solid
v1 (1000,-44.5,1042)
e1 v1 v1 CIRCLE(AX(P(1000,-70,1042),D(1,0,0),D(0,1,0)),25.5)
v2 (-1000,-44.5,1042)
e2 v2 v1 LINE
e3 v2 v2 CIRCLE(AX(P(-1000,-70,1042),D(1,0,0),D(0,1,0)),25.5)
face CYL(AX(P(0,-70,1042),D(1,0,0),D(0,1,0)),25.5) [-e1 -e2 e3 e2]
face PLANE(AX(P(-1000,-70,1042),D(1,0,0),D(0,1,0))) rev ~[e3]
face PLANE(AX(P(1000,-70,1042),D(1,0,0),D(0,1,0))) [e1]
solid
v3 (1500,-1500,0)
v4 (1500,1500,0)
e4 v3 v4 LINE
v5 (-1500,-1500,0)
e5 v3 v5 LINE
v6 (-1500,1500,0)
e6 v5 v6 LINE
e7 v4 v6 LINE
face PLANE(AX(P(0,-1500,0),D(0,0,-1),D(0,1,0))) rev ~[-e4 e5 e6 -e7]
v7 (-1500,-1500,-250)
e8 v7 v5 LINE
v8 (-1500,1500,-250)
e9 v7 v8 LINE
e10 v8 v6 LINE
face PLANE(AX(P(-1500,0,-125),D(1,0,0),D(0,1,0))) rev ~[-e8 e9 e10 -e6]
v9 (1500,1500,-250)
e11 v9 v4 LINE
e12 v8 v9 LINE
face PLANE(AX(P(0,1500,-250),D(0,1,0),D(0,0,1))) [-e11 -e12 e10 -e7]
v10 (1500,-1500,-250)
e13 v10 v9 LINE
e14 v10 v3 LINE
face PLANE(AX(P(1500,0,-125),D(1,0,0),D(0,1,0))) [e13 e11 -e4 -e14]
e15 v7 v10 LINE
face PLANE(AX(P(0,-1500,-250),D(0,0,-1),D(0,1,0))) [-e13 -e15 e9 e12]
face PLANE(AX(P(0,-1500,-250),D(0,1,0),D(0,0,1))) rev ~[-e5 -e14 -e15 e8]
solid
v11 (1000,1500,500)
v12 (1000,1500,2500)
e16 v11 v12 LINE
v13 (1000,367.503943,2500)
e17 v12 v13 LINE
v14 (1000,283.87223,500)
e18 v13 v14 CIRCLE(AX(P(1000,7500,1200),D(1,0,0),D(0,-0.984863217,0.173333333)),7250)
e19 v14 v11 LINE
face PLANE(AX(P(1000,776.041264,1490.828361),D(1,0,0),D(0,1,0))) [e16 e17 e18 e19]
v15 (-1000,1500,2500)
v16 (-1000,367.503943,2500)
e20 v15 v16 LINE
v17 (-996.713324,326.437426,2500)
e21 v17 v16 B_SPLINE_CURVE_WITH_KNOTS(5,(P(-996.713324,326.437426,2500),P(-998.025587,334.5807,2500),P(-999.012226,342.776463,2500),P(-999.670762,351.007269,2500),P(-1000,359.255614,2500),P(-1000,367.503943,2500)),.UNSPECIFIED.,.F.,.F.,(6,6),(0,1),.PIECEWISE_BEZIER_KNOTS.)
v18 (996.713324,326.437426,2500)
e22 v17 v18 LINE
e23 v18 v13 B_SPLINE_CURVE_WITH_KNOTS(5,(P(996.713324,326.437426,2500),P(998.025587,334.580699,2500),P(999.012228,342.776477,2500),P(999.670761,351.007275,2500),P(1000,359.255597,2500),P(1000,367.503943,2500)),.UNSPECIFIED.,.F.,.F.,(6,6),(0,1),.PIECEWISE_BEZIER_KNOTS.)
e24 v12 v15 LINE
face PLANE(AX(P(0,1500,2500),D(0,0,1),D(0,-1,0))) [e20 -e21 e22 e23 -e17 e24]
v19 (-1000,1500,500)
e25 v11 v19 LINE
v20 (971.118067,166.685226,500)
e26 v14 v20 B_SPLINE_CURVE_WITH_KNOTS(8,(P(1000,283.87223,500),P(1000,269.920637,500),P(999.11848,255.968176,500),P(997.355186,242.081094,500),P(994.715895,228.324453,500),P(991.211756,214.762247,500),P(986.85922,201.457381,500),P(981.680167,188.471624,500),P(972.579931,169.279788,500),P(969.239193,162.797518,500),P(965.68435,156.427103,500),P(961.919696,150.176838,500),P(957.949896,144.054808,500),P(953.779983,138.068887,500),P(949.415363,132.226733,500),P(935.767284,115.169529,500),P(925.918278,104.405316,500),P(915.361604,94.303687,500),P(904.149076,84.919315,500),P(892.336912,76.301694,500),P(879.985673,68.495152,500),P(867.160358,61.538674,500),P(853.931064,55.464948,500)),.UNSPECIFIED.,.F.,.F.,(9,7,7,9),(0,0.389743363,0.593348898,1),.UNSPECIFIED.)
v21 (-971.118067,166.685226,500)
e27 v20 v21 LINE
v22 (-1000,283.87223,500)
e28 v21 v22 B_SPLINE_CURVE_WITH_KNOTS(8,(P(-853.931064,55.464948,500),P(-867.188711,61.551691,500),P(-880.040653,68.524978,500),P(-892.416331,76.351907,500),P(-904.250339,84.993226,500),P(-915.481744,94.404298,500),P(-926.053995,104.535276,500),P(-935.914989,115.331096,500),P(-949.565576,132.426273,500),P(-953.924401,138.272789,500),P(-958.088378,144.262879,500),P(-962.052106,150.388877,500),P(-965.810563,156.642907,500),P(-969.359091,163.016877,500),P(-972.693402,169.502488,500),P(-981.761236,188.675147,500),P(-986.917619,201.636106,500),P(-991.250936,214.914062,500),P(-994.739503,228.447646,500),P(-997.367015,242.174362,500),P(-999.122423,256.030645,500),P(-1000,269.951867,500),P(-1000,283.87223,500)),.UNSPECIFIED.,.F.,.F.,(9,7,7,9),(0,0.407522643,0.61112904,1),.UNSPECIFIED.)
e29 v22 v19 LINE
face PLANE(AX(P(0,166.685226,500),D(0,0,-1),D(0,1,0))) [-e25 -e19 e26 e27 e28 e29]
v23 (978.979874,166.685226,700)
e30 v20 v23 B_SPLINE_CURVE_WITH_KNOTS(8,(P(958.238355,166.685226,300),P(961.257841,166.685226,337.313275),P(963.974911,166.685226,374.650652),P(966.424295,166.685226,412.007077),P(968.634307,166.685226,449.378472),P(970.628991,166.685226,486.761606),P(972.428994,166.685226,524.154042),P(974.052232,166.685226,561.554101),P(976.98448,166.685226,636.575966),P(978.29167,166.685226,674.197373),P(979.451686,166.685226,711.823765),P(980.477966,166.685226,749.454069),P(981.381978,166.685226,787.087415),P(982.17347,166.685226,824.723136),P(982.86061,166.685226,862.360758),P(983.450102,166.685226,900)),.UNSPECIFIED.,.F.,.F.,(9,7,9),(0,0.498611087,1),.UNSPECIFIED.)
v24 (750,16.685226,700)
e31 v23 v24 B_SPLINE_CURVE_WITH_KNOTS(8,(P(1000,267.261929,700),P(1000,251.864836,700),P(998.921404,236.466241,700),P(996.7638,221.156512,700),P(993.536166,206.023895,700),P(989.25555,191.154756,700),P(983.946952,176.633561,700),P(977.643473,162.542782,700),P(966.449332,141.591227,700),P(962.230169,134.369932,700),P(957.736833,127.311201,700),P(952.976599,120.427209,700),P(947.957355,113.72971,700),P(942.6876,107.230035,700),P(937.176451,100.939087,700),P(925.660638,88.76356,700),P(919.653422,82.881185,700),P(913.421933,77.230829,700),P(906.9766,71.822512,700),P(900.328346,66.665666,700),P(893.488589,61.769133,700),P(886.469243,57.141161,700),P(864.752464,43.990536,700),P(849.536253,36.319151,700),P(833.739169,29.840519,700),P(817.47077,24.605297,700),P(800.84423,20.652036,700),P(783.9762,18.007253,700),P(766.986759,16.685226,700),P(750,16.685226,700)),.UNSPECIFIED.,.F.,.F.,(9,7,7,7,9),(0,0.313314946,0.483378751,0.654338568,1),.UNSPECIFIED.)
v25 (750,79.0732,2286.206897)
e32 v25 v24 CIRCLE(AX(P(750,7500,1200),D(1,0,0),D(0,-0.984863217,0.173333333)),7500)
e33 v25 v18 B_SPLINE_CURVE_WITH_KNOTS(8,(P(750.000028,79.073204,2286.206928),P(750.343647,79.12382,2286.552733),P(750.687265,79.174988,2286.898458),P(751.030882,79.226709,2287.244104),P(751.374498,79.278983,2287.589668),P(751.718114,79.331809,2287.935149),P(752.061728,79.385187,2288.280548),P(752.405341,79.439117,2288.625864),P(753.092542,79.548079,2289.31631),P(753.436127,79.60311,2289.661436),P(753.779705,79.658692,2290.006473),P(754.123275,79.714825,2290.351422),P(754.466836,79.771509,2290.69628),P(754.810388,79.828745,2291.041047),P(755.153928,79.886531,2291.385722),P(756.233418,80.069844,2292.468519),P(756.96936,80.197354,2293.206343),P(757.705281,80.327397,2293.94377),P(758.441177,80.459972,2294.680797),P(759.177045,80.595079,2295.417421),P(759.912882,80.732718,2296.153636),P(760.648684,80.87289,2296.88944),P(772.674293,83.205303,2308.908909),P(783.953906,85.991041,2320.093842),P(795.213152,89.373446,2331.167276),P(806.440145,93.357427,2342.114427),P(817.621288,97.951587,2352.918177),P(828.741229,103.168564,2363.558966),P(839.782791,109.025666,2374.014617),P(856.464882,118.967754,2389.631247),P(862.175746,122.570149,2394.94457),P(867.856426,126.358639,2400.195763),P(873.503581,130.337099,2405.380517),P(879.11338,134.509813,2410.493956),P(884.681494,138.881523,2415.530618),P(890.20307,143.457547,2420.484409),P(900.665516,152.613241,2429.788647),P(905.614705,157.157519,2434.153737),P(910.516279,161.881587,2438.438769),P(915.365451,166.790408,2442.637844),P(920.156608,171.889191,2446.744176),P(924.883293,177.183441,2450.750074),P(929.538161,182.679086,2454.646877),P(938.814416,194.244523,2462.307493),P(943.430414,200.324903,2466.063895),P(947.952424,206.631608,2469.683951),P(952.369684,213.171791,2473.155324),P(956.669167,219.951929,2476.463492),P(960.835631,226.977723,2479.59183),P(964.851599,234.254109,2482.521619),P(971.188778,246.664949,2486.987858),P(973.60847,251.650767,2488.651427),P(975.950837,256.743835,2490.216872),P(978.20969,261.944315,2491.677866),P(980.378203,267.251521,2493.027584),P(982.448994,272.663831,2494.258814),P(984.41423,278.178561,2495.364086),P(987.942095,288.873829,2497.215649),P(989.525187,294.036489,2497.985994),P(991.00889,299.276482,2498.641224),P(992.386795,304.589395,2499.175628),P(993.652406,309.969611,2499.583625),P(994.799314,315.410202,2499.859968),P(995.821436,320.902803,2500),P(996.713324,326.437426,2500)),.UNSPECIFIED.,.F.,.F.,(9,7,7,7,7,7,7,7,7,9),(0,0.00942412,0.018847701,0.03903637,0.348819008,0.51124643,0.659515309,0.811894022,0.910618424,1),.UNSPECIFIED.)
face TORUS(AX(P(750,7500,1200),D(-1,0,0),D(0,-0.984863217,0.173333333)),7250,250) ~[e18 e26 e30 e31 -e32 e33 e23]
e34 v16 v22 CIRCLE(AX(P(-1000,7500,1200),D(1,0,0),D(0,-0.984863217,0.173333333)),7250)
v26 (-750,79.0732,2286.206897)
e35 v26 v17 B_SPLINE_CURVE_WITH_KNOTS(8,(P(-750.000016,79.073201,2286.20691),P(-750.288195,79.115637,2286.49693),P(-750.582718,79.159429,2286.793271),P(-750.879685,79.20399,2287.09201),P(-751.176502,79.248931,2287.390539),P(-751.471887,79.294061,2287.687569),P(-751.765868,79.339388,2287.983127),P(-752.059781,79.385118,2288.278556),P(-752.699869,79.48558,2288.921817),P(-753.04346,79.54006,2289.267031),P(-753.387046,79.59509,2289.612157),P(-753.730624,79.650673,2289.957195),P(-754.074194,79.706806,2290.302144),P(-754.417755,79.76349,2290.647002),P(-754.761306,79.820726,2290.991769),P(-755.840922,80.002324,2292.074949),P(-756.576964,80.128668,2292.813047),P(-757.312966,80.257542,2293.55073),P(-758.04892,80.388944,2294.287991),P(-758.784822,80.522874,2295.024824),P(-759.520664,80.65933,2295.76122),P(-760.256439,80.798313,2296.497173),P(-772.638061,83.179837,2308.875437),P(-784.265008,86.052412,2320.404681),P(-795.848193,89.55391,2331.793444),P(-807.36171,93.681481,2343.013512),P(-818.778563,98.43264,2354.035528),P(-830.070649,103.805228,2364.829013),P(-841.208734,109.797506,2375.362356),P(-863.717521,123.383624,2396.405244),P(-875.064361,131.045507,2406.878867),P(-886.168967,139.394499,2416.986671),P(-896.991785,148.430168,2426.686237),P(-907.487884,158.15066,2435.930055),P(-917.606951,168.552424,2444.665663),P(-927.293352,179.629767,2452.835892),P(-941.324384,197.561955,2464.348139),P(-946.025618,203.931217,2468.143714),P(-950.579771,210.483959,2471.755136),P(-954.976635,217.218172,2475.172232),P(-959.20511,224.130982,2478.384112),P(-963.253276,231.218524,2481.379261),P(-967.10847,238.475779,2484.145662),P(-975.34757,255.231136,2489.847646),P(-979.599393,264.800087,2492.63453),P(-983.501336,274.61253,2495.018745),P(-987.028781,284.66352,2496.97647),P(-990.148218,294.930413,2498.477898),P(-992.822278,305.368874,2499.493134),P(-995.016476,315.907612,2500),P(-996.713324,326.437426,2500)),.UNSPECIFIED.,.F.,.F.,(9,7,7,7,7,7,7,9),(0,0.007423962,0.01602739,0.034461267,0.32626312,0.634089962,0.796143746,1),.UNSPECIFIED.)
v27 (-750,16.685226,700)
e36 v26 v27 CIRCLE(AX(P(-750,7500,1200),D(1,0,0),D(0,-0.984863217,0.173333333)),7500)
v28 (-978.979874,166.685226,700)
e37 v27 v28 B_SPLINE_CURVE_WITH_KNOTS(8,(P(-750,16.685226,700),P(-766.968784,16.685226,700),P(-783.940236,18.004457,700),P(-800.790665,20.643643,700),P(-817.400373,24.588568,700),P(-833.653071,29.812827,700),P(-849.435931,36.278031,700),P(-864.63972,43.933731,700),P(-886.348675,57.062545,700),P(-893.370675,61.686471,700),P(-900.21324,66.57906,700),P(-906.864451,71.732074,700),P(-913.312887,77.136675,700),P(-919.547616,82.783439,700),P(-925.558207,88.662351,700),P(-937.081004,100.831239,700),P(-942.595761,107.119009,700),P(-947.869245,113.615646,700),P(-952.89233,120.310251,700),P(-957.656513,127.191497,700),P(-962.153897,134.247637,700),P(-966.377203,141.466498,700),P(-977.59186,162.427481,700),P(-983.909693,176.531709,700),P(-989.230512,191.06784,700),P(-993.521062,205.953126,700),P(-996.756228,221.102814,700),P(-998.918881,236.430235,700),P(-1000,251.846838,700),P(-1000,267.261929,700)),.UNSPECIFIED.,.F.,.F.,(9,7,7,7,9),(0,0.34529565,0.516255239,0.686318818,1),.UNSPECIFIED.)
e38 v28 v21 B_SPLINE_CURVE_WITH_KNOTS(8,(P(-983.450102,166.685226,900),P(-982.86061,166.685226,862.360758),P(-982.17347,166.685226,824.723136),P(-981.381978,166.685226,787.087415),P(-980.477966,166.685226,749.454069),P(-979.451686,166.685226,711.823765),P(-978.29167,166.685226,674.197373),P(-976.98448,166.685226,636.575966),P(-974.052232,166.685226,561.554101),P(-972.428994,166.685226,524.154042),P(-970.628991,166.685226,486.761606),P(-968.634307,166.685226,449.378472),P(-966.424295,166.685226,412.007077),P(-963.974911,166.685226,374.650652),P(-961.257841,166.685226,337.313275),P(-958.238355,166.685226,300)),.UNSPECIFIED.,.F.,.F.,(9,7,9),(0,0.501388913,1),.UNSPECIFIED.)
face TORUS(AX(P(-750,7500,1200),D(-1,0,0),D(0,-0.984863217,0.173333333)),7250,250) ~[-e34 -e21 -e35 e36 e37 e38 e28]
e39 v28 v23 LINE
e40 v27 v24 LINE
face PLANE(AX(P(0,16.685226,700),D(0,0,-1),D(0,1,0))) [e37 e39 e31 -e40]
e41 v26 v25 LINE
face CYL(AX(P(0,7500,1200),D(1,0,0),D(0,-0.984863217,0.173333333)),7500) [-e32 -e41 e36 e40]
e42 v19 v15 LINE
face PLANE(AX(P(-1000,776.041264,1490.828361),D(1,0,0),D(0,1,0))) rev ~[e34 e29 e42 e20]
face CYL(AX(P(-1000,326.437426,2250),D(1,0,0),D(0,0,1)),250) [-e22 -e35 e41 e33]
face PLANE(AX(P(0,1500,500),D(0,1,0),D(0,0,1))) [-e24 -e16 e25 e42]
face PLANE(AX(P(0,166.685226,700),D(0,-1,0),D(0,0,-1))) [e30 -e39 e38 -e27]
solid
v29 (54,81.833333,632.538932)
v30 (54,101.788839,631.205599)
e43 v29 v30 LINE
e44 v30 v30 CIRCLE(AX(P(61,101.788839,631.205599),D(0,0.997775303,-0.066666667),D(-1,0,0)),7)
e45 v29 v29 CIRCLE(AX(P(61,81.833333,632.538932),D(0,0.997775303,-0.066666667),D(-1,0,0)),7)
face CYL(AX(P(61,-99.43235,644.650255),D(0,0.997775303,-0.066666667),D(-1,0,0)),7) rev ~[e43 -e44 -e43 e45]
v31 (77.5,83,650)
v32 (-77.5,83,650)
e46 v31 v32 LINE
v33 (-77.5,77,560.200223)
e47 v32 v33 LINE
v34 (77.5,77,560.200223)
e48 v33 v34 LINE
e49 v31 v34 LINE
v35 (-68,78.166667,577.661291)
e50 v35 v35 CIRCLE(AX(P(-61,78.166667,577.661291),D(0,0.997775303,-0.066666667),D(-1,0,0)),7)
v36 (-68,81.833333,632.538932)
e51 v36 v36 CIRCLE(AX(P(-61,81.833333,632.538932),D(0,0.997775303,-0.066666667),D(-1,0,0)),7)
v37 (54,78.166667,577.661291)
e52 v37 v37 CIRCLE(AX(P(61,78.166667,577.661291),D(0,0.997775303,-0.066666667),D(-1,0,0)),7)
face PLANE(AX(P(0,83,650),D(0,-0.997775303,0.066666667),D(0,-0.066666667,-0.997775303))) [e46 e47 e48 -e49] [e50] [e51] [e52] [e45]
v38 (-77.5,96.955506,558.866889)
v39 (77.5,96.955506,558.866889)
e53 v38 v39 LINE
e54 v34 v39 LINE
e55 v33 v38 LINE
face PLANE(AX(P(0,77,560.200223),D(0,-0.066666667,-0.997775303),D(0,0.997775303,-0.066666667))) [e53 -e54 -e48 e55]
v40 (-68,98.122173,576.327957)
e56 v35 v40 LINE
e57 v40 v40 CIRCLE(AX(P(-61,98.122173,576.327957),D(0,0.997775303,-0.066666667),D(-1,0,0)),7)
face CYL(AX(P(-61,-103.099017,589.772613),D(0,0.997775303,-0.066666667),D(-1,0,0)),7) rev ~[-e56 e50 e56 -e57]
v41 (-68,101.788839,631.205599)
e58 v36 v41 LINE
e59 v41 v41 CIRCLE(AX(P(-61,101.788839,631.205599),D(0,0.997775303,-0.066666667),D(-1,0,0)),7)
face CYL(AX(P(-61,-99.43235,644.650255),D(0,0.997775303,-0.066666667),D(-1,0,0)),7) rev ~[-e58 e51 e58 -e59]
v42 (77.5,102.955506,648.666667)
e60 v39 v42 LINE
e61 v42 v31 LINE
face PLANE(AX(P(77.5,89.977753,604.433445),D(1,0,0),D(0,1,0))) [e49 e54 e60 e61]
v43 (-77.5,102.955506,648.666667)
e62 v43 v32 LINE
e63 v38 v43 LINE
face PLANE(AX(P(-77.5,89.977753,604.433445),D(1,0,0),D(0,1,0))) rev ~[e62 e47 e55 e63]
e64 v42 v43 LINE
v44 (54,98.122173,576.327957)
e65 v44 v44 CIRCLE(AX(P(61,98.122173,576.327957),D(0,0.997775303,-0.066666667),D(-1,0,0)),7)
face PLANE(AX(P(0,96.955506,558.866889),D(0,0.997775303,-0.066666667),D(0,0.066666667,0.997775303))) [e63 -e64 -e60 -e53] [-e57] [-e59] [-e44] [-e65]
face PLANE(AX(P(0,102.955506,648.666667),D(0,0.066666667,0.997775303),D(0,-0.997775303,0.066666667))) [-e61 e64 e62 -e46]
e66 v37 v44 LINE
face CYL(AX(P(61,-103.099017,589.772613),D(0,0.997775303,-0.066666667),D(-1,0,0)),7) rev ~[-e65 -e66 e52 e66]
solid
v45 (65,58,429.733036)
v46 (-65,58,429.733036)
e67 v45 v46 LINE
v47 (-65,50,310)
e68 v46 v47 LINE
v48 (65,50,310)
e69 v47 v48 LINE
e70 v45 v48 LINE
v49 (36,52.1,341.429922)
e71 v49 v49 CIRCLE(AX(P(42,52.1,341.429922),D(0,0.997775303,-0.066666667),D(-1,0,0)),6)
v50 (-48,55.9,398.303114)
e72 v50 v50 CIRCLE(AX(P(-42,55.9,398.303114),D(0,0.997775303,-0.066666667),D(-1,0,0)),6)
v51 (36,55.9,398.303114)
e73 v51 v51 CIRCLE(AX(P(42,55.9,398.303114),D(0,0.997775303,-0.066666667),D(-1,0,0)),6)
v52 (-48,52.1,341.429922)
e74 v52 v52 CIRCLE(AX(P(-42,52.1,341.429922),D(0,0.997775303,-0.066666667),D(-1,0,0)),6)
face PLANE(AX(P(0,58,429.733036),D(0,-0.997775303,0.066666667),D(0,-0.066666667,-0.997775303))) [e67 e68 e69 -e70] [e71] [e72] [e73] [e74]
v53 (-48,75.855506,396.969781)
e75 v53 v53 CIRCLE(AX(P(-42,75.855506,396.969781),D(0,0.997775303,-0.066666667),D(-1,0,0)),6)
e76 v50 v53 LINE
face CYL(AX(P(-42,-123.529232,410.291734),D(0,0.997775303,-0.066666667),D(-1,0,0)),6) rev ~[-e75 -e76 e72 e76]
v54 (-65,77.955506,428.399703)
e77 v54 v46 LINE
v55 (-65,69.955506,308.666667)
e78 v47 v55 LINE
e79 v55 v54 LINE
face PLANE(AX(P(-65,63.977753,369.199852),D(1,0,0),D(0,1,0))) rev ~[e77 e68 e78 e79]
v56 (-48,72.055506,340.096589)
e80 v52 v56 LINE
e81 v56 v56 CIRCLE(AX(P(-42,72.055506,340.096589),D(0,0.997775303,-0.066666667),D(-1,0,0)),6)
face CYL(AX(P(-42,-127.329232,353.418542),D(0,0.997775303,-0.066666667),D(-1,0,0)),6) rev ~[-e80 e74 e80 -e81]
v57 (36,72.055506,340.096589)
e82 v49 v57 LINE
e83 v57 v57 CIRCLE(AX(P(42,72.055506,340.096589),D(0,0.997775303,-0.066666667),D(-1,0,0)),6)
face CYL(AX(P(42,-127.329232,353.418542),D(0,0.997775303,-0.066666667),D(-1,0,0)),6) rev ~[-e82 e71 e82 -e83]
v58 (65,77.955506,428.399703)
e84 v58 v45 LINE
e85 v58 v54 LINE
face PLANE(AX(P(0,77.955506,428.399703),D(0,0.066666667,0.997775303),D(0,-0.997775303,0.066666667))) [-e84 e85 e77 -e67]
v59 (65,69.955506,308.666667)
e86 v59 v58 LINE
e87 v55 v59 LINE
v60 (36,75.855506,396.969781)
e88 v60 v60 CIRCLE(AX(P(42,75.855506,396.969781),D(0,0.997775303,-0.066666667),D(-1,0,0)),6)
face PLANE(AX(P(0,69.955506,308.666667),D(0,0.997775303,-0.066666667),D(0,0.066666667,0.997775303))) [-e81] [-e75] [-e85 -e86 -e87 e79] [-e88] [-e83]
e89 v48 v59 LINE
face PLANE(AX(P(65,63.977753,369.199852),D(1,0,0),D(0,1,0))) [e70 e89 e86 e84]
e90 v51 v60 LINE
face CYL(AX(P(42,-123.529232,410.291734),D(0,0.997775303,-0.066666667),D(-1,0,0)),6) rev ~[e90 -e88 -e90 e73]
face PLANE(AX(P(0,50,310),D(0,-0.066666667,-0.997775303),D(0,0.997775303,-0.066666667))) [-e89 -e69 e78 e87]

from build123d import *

# Parameters (mm, degrees)
F0_W          = 3000
F0_H          = 250
F1_DEPTH      = 1500
F1_DEPTH_BACK = 1500
F3_DEPTH      = 65
F3_DEPTH_BACK = 65
F5_DEPTH      = 77.5
F5_DEPTH_BACK = 77.5
F6_R          = 25.5
F7_DEPTH      = 1000
F7_DEPTH_BACK = 1000
F8_R          = 250
F10_D         = 14
F12_D         = 12


with BuildPart() as f1:
    # F0 (on Right) → F1 (new body, two sides)
    with BuildSketch(Plane.YZ) as f1_sk:
        with Locations((0, -125)):
            Rectangle(F0_W, F0_H)
    extrude(amount=F1_DEPTH)
    extrude(f1_sk.sketch, amount=-F1_DEPTH_BACK)


with BuildPart() as f3:
    # F2 (on Right) → F3 (new body, two sides)
    with BuildSketch(Plane.YZ) as f3_sk:
        Polygon((58, 429.7330363768), (50, 310), (69.9555060628, 308.6666666667), (77.9555060628, 428.3997030434), align=None)
    extrude(amount=F3_DEPTH)
    extrude(f3_sk.sketch, amount=-F3_DEPTH_BACK)

    # F12 (through all)
    with Locations(Plane(origin=(0, 29.1570881796, -1.9481398994), x_dir=(1, 0, 0), z_dir=(0, -0.9977753031, 0.0666666667))):
        with Locations((-42, 401.1436773066), (42, 344.1436773066), (-42, 344.1436773066), (42, 401.1436773066)):
            Hole(F12_D / 2)


with BuildPart() as f5:
    # F4 (on Right) → F5 (new body, two sides)
    with BuildSketch(Plane.YZ) as f5_sk:
        Polygon((83, 650), (77, 560.2002227174), (96.9555060628, 558.8668893841), (102.9555060628, 648.6666666667), align=None)
    extrude(amount=F5_DEPTH)
    extrude(f5_sk.sketch, amount=-F5_DEPTH_BACK)

    # F10 (through all)
    with Locations(Plane(origin=(0, 39.3941813084, -2.6321344552), x_dir=(1, 0, 0), z_dir=(0, -0.9977753031, 0.0666666667))):
        with Locations((-61, 636.5872803741), (61, 636.5872803741), (61, 581.5872803741), (-61, 581.5872803741)):
            Hole(F10_D / 2)


with BuildPart() as f7:
    # F6 (on Right) → F7 (new body, two sides)
    with BuildSketch(Plane.YZ) as f7_sk:
        with Locations((-70, 1042)):
            Circle(F6_R)
    extrude(amount=F7_DEPTH)
    extrude(f7_sk.sketch, amount=-F7_DEPTH_BACK)


with BuildPart() as f7b:
    # F6 (on Right) → F7, piece 2 (new body, two sides)
    with BuildSketch(Plane.YZ) as f7_2_sk:
        with BuildLine():
            Line((1500, 2500), (113.5258749522, 2500))
            ThreePointArc((113.5258749522, 2500), (10.8307889193, 1602.9200017379), (16.6852264521, 700))
            Line((16.6852264521, 700), (166.6852264521, 700))
            Line((166.6852264521, 700), (166.6852264521, 500))
            Line((166.6852264521, 500), (1500, 500))
            Line((1500, 500), (1500, 2500))
        make_face()
    extrude(amount=F7_DEPTH)
    extrude(f7_2_sk.sketch, amount=-F7_DEPTH_BACK)

    # F8
    f8_edges = [f7b.edges().sort_by_distance(p)[0] for p in [
        (-1000, 10.830789, 1602.920002),
        (1000, 10.830789, 1602.920002),
        (0, 113.525875, 2500),
    ]]
    fillet(f8_edges, radius=F8_R)


solid = Compound([f1.part, f3.part, f5.part, f7.part, f7b.part])
